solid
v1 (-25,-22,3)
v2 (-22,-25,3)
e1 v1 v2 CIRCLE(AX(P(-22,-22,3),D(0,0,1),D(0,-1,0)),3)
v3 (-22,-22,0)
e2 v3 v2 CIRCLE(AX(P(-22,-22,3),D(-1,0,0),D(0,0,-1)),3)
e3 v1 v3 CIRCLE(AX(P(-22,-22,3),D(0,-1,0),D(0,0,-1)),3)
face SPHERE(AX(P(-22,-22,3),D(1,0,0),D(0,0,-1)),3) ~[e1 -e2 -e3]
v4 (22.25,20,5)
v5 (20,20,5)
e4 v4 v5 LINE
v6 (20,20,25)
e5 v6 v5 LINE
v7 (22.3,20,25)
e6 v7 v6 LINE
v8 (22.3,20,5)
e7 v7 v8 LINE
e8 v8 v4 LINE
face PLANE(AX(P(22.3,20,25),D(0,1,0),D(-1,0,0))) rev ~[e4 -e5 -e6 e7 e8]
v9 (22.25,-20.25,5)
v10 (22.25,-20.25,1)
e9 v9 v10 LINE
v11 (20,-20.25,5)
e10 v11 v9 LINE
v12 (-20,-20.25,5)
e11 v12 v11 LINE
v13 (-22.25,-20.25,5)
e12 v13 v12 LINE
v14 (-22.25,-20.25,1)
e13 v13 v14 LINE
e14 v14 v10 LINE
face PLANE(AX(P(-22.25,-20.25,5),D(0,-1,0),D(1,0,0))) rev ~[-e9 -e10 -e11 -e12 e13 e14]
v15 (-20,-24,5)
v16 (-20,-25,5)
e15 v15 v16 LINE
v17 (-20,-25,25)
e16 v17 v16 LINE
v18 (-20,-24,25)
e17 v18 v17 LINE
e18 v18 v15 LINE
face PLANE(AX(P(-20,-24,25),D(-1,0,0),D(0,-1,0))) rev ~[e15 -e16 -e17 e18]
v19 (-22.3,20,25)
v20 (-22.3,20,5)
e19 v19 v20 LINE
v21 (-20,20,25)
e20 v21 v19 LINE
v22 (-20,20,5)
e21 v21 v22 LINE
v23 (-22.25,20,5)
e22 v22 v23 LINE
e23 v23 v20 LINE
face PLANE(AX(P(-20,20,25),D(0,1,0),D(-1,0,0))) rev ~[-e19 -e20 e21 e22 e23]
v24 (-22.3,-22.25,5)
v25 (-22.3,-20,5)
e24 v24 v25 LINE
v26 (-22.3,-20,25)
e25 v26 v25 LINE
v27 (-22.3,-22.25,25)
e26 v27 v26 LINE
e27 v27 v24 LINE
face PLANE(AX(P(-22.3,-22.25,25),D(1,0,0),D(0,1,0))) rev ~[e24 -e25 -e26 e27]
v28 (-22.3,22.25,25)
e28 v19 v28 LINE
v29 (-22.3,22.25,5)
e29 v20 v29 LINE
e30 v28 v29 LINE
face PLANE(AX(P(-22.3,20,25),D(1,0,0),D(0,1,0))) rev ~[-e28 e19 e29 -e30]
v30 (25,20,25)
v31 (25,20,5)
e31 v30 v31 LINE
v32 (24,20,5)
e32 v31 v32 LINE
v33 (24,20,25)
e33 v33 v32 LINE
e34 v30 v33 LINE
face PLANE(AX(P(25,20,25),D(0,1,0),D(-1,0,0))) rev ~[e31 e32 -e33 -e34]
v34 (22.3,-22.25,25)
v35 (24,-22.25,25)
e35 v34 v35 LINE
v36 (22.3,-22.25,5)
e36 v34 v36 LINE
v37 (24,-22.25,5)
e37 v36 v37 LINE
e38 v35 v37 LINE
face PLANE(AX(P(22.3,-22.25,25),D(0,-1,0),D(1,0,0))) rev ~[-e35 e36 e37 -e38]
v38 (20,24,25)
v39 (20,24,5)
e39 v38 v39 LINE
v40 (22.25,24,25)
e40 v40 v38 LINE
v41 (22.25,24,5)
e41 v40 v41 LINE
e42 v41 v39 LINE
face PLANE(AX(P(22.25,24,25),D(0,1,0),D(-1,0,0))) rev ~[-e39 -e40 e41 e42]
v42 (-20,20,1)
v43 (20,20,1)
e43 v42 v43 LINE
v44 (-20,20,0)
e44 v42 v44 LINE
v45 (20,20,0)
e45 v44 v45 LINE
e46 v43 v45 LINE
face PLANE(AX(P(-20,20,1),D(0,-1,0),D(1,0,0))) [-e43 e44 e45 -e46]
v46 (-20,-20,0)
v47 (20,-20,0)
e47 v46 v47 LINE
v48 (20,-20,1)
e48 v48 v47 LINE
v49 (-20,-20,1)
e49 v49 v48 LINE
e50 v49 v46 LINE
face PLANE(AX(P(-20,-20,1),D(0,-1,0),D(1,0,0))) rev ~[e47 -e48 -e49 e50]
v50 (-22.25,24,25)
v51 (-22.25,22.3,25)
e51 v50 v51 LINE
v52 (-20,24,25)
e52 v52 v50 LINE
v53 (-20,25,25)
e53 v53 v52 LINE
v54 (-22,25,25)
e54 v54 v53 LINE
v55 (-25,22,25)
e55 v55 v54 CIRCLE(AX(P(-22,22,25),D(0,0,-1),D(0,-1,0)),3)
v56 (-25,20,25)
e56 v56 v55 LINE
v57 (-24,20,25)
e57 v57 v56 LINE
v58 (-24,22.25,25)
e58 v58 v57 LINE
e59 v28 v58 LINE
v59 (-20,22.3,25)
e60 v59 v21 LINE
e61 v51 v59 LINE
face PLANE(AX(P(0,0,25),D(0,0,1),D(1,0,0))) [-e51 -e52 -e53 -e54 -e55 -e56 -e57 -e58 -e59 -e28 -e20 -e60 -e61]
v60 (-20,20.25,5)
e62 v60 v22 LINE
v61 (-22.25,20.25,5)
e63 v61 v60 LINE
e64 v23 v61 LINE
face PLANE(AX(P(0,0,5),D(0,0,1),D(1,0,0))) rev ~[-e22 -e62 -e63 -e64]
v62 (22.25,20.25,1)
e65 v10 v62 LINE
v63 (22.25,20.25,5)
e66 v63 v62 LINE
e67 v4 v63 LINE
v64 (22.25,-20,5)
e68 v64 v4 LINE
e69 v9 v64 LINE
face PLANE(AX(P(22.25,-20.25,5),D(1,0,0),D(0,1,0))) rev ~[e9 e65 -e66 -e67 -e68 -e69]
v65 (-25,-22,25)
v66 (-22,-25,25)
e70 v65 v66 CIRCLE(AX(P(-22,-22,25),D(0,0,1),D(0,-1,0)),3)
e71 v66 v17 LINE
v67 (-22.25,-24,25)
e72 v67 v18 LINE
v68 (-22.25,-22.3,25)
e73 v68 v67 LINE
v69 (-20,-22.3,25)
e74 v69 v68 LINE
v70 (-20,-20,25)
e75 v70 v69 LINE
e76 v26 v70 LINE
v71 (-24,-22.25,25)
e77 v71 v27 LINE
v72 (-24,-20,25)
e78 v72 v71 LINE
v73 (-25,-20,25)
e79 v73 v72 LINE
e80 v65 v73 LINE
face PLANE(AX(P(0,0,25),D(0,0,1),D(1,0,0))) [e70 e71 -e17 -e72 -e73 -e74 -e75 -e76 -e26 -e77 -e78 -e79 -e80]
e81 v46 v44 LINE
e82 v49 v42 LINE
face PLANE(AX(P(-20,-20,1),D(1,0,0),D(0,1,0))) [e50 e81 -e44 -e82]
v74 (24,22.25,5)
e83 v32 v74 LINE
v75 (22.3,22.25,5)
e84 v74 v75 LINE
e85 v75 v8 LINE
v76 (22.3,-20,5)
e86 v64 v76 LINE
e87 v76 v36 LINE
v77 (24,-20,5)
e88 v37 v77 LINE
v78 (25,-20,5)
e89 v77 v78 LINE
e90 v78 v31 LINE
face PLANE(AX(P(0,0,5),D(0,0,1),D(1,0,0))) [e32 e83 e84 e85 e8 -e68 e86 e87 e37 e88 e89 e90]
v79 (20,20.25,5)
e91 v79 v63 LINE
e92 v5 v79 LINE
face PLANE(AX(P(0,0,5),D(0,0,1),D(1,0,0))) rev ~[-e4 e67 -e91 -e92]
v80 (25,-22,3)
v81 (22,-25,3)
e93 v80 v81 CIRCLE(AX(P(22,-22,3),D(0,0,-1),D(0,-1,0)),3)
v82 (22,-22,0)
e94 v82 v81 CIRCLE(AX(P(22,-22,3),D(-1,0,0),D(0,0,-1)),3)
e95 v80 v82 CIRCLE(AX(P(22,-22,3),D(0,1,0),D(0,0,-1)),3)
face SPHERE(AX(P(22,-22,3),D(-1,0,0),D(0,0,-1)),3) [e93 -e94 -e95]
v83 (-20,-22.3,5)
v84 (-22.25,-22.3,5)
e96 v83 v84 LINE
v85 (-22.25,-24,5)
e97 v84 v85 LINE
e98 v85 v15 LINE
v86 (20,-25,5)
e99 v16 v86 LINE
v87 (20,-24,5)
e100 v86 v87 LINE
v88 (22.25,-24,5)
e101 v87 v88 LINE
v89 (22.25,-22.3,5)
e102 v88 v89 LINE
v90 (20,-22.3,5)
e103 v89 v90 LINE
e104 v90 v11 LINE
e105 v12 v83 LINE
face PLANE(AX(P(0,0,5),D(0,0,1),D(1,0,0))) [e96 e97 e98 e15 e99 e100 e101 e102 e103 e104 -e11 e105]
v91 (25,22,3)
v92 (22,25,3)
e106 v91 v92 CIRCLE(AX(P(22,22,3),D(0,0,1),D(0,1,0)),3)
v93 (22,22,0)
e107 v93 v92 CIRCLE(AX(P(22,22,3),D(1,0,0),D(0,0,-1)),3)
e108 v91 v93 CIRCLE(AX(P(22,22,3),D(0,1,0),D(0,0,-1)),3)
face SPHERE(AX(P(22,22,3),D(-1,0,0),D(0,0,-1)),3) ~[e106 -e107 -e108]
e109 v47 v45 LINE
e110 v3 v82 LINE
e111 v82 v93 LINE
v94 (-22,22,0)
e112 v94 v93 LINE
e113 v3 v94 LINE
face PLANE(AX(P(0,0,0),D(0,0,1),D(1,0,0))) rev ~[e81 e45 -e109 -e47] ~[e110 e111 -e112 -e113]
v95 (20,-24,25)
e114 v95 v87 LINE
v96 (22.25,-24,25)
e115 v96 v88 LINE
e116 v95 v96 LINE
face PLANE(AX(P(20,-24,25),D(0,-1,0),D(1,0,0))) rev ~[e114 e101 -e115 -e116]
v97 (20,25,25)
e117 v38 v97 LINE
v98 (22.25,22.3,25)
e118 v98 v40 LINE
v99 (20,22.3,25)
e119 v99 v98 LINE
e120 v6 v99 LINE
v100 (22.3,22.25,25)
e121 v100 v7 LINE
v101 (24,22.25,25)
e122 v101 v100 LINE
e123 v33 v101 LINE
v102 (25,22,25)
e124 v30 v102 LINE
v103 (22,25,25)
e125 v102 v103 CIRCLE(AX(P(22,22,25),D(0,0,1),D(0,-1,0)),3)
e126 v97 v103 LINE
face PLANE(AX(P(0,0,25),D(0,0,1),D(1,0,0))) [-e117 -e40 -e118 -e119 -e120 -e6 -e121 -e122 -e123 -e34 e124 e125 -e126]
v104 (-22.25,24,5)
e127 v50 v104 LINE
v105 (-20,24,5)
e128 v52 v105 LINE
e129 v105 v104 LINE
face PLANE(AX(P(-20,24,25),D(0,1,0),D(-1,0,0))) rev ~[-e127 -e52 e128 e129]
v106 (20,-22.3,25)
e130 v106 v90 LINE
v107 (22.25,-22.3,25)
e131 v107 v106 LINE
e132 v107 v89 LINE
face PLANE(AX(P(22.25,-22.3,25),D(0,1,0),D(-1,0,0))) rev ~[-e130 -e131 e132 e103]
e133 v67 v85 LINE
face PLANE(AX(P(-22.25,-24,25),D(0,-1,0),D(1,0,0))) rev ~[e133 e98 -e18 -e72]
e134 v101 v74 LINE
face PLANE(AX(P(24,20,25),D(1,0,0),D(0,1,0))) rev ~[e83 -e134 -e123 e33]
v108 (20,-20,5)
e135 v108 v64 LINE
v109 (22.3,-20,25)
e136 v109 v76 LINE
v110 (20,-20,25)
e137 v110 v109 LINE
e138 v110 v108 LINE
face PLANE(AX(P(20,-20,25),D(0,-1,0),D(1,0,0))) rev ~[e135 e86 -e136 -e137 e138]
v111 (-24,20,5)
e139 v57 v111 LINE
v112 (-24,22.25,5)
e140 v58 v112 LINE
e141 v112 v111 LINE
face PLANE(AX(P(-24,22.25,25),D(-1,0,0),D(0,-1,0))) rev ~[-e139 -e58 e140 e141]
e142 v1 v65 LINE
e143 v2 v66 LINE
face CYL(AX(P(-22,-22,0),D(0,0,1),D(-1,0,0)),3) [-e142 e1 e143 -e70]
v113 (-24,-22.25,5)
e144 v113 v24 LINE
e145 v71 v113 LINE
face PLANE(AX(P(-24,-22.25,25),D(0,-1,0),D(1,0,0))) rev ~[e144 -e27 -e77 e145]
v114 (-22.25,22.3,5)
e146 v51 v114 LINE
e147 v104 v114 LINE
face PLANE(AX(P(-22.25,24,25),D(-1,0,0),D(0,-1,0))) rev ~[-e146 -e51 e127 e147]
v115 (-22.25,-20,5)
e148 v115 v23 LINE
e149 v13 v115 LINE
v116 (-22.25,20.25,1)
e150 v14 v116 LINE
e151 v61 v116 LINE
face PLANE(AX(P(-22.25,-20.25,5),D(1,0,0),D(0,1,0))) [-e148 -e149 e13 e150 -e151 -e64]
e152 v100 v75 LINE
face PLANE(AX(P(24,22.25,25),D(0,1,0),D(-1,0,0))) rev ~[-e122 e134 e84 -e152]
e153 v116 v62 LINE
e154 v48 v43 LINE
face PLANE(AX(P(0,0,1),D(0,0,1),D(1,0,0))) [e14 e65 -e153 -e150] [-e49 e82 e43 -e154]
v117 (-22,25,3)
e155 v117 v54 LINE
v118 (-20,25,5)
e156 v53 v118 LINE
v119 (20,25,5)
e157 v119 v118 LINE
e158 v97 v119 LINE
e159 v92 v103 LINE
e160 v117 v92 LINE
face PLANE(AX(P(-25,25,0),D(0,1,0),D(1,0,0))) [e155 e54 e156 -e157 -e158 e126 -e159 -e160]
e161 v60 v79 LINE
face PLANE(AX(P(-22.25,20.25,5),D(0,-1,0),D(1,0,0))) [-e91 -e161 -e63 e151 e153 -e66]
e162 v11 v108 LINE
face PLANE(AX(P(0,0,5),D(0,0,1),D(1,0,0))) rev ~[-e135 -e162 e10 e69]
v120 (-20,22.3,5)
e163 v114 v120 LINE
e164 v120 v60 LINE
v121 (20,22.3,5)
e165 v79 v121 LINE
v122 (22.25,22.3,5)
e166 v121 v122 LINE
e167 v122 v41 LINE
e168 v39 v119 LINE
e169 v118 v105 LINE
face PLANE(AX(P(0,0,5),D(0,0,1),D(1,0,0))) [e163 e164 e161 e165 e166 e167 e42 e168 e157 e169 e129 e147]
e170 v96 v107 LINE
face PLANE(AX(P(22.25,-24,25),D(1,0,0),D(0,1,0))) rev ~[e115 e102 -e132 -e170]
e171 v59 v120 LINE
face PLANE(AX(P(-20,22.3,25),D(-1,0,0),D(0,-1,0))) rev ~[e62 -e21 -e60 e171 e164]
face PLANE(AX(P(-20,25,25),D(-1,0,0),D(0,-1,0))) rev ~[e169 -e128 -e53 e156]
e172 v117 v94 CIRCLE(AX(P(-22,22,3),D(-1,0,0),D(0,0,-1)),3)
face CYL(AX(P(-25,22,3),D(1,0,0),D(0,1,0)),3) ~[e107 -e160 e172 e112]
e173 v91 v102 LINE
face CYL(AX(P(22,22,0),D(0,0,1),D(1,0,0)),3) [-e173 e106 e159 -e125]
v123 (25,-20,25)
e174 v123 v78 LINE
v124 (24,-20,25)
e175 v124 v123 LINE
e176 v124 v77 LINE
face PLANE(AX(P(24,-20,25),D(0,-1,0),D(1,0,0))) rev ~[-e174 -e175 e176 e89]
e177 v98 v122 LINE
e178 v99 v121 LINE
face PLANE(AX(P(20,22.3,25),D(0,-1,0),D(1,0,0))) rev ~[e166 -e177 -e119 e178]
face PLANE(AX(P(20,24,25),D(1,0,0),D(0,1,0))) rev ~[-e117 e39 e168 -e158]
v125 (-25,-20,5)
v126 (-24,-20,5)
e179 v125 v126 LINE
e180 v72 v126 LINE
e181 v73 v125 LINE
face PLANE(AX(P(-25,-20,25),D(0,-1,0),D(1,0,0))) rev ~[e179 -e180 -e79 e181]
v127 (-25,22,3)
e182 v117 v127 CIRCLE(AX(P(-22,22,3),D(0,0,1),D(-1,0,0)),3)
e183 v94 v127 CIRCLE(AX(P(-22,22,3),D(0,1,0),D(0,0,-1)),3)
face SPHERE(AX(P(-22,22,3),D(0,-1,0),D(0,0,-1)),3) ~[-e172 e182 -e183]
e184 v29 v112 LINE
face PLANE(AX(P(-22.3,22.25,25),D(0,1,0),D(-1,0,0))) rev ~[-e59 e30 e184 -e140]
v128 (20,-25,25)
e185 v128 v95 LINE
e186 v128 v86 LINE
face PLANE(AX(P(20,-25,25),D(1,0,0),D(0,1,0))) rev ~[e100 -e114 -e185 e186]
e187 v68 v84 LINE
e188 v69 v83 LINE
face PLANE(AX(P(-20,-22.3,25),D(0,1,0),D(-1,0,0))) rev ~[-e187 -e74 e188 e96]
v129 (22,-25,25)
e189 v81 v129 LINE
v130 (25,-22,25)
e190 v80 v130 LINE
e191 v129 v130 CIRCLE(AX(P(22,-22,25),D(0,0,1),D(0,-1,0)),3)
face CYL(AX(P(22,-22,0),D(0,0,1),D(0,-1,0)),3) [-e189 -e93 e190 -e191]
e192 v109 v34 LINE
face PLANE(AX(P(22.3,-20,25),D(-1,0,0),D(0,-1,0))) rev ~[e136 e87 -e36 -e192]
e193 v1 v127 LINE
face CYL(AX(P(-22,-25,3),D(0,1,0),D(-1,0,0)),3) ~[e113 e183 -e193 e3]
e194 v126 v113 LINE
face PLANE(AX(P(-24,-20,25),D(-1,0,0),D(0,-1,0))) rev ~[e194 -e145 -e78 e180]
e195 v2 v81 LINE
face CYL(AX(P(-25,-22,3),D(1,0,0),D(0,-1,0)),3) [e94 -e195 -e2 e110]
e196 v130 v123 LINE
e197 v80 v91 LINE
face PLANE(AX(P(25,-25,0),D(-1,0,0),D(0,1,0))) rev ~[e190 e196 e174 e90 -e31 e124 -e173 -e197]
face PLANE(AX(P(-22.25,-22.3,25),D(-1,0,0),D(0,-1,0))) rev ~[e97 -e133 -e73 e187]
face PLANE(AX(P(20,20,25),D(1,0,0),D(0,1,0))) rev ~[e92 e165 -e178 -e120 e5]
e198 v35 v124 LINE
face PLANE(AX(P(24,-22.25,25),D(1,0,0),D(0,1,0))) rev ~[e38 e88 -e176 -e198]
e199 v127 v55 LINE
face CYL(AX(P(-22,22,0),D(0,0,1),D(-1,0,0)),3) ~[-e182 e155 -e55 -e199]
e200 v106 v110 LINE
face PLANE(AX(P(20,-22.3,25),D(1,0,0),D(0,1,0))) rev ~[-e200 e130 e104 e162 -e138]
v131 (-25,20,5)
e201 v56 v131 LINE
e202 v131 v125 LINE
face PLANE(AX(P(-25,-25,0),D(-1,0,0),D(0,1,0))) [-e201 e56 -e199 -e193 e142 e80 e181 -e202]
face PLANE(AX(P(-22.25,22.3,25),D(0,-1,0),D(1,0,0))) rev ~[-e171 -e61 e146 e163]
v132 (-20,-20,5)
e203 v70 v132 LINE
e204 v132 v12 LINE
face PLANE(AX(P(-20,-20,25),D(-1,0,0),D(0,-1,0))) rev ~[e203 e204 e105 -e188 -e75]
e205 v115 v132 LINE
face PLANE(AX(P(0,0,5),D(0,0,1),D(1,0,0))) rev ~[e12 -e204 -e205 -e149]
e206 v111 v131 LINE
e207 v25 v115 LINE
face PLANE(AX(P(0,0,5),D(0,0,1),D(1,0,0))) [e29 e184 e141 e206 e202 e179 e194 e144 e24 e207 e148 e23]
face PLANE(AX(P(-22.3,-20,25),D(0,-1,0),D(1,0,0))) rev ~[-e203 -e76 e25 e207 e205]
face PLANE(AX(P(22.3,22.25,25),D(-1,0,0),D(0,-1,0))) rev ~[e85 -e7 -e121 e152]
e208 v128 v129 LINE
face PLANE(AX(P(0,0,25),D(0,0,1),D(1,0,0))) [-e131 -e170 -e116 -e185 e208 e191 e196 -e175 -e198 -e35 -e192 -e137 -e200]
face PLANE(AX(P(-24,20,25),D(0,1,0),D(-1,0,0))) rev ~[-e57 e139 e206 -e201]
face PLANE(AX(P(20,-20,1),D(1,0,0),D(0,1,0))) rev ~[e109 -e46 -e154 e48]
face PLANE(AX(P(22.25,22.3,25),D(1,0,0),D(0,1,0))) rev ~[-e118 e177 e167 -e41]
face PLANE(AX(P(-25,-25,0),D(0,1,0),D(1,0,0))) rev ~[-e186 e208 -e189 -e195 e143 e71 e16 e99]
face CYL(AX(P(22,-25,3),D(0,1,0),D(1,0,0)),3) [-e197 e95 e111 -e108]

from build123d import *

# Parameters (mm, degrees)
SKETCH_W        = 50
SKETCH_H        = 50
PAD_DEPTH       = 25
FILLET_R        = 3
POCKET_DEPTH    = 20
SKETCH008_W     = 44.5
SKETCH008_H     = 40.5
POCKET001_DEPTH = 4
SKETCH009_W     = 40
SKETCH009_H     = 40
POCKET002_DEPTH = 1


with BuildPart() as part:
    # Sketch → Pad (new body)
    with BuildSketch(Plane.XY):
        Rectangle(SKETCH_W, SKETCH_H)
    extrude(amount=PAD_DEPTH)

    # Fillet
    fillet_edges = [part.edges().sort_by_distance(p)[0] for p in [
        (0, -25, 0),
        (-25, 0, 0),
        (0, 25, 0),
        (25, 0, 0),
        (-25, -25, 12.5),
        (25, 25, 12.5),
        (-25, 25, 12.5),
        (25, -25, 12.5),
    ]]
    fillet(fillet_edges, radius=FILLET_R)

    # Sketch007 (on Face2 of Fillet) → Pocket (cut)
    with BuildSketch(Plane.XY.offset(25)):
        Polygon((-20, 25), (-20, 24), (-22.25, 24), (-22.25, 22.3), (-20, 22.3), (-20, 20), (-22.3, 20), (-22.3, 22.25), (-24, 22.25), (-24, 20), (-25, 20), (-25, -20), (-24, -20), (-24, -22.25), (-22.3, -22.25), (-22.3, -20), (-20, -20), (-20, -22.3), (-22.25, -22.3), (-22.25, -24), (-20, -24), (-20, -25), (20, -25), (20, -24), (22.25, -24), (22.25, -22.3), (20, -22.3), (20, -20), (22.3, -20), (22.3, -22.25), (24, -22.25), (24, -20), (25, -20), (25, 20), (24, 20), (24, 22.25), (22.3, 22.25), (22.3, 20), (20, 20), (20, 22.3), (22.25, 22.3), (22.25, 24), (20, 24), (20, 25), align=None)
    extrude(amount=-POCKET_DEPTH, mode=Mode.SUBTRACT)

    # Sketch008 (on Face7 of Pocket) → Pocket001 (cut)
    with BuildSketch(Plane.XY.offset(5)):
        Rectangle(SKETCH008_W, SKETCH008_H)
    extrude(amount=-POCKET001_DEPTH, mode=Mode.SUBTRACT)

    # Sketch009 (on Face49 of Pocket001) → Pocket002 (cut)
    with BuildSketch(Plane.XY.offset(1)):
        Rectangle(SKETCH009_W, SKETCH009_H)
    extrude(amount=-POCKET002_DEPTH, mode=Mode.SUBTRACT)


solid = part.part
